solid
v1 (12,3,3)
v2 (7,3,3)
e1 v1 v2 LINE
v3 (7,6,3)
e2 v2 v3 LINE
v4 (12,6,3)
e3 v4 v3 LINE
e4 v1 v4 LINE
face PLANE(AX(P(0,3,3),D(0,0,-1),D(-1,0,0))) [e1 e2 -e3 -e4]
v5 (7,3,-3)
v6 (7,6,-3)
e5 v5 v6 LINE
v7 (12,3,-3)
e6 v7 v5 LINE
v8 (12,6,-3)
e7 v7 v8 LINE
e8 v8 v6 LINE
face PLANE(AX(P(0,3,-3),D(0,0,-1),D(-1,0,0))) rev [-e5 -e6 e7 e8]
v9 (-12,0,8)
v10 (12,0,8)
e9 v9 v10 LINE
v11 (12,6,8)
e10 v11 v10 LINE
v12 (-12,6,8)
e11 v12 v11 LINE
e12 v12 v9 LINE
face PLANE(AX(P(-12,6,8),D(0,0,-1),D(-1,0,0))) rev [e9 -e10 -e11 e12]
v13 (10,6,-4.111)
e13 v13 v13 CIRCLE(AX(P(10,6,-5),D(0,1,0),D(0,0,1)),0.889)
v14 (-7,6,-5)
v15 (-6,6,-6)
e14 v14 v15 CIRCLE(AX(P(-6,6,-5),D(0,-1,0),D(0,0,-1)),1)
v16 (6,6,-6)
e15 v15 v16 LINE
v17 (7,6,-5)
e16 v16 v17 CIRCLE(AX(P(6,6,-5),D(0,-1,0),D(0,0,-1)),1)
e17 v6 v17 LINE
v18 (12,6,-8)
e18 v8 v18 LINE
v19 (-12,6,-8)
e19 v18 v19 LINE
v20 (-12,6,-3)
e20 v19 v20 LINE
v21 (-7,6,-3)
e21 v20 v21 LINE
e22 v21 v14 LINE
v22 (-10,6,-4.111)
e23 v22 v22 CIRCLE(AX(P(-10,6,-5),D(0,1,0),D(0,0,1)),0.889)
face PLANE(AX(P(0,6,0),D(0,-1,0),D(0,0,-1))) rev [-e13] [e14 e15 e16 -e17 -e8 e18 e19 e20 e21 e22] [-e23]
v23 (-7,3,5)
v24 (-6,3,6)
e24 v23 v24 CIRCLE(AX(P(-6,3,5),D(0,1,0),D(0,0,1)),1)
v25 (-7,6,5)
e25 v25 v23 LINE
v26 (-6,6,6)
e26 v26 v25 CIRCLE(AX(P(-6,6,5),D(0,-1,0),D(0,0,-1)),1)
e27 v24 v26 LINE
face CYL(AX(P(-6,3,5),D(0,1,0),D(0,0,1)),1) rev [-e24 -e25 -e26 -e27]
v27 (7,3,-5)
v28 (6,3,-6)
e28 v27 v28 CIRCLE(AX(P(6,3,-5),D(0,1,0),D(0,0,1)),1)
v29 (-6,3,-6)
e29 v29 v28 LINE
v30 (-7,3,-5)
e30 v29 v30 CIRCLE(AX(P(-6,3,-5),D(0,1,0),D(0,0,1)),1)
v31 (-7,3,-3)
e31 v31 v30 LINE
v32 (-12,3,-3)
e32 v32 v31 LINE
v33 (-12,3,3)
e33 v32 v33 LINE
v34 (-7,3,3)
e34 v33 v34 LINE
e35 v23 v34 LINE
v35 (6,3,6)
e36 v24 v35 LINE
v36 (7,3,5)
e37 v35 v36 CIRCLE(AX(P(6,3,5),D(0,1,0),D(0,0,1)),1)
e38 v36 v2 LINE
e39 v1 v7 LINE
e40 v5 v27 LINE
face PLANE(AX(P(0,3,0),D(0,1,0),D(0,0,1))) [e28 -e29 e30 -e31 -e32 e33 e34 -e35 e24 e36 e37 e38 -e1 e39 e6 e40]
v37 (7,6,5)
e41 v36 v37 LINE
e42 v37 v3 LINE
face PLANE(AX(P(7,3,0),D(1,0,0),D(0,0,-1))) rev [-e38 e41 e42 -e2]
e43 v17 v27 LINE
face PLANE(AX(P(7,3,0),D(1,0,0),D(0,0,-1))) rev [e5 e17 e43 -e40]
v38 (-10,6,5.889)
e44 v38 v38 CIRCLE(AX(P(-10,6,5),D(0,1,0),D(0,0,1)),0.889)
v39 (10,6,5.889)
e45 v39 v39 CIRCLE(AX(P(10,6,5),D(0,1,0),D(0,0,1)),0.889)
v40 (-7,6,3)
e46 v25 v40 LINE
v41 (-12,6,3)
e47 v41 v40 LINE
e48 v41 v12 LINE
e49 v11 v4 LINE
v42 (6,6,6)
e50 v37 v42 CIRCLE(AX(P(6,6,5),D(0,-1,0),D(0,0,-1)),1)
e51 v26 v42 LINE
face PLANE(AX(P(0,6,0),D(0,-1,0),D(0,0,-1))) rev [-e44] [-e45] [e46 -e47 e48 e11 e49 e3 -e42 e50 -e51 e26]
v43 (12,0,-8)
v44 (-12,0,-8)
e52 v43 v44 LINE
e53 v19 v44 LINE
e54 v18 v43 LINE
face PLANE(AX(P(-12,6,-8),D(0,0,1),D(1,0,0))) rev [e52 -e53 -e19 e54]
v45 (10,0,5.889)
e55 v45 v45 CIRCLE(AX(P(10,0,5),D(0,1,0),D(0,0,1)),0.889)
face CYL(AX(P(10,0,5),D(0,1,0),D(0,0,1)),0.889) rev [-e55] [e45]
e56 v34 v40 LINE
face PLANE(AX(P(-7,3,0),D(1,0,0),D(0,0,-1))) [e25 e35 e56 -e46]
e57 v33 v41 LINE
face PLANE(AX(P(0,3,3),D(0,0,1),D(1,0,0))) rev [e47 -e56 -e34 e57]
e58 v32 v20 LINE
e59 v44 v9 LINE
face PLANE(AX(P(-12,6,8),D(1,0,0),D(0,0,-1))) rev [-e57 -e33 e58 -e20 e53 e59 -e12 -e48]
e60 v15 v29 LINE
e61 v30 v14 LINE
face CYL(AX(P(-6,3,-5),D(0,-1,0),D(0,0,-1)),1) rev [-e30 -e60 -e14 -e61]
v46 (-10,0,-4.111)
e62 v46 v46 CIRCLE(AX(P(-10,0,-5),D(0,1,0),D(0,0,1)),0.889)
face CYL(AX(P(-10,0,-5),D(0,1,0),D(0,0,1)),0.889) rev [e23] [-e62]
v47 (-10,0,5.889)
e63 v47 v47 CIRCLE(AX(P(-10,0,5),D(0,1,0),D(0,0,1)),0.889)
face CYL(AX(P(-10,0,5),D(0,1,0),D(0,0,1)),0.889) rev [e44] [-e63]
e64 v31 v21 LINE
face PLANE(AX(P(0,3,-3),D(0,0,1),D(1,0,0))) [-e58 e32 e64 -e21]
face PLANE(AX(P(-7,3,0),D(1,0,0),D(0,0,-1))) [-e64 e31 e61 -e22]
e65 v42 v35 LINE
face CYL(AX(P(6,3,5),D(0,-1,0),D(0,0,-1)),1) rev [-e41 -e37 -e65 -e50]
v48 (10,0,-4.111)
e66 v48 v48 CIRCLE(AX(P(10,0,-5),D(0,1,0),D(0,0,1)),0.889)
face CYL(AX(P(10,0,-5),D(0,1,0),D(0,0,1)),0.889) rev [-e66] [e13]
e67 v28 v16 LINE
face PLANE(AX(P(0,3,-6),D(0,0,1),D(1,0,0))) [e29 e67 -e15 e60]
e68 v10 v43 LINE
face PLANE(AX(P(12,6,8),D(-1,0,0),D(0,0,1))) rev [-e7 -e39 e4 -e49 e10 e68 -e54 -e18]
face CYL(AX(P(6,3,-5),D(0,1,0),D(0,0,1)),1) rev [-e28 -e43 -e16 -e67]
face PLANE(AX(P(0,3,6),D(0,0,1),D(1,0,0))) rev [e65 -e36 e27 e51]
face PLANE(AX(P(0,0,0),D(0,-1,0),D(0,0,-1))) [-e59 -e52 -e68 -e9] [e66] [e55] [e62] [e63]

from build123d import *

# Parameters (mm, degrees)
SKETCH1_W           = 24
SKETCH1_H           = 16
BOSS_EXTRUDE1_DEPTH = 6
SKETCH2_W           = 5
SKETCH2_H           = 6
SKETCH2_W_2         = 14
SKETCH2_H_2         = 12
CUT_EXTRUDE1_DEPTH  = 3
FILLET1_R           = 1
SKETCH3_R           = 0.889
CUT_EXTRUDE2_DEPTH  = 16.620499352


with BuildPart() as part:
    # Sketch1 → Boss-Extrude1 (new body)
    with BuildSketch(Plane(origin=(0, 0, 0), x_dir=(1, 0, 0), z_dir=(0, 1, 0))):
        Rectangle(SKETCH1_W, SKETCH1_H)
    extrude(amount=BOSS_EXTRUDE1_DEPTH)

    # Sketch2 → Cut-Extrude1 (cut)
    with BuildSketch(Plane(origin=(0, 6, 0), x_dir=(1, 0, 0), z_dir=(0, 1, 0))):
        with Locations((-9.5, 0)):
            Rectangle(SKETCH2_W, SKETCH2_H)
        Rectangle(SKETCH2_W_2, SKETCH2_H_2)
        with Locations((9.5, 0)):
            Rectangle(SKETCH2_W, SKETCH2_H)
    extrude(amount=-CUT_EXTRUDE1_DEPTH, mode=Mode.SUBTRACT)

    # Fillet1
    fillet1_edges = [part.edges().sort_by_distance(p)[0] for p in [
        (-7, 4.5, -6),
        (7, 4.5, -6),
        (7, 4.5, 6),
        (-7, 4.5, 6),
    ]]
    fillet(fillet1_edges, radius=FILLET1_R)

    # Sketch3 → Cut-Extrude2 (cut, through all)
    with BuildSketch(Plane(origin=(0, 6, 0), x_dir=(1, 0, 0), z_dir=(0, 1, 0))):
        with Locations(Location((-10, 5, 0), (0, 0, 270))):
            Circle(SKETCH3_R)
        with Locations(Location((-10, -5, 0), (0, 0, 270))):
            Circle(SKETCH3_R)
        with Locations(Location((10, -5, 0), (0, 0, 270))):
            Circle(SKETCH3_R)
        with Locations(Location((10, 5, 0), (0, 0, 270))):
            Circle(SKETCH3_R)
    extrude(amount=-CUT_EXTRUDE2_DEPTH, mode=Mode.SUBTRACT)


solid = part.part
